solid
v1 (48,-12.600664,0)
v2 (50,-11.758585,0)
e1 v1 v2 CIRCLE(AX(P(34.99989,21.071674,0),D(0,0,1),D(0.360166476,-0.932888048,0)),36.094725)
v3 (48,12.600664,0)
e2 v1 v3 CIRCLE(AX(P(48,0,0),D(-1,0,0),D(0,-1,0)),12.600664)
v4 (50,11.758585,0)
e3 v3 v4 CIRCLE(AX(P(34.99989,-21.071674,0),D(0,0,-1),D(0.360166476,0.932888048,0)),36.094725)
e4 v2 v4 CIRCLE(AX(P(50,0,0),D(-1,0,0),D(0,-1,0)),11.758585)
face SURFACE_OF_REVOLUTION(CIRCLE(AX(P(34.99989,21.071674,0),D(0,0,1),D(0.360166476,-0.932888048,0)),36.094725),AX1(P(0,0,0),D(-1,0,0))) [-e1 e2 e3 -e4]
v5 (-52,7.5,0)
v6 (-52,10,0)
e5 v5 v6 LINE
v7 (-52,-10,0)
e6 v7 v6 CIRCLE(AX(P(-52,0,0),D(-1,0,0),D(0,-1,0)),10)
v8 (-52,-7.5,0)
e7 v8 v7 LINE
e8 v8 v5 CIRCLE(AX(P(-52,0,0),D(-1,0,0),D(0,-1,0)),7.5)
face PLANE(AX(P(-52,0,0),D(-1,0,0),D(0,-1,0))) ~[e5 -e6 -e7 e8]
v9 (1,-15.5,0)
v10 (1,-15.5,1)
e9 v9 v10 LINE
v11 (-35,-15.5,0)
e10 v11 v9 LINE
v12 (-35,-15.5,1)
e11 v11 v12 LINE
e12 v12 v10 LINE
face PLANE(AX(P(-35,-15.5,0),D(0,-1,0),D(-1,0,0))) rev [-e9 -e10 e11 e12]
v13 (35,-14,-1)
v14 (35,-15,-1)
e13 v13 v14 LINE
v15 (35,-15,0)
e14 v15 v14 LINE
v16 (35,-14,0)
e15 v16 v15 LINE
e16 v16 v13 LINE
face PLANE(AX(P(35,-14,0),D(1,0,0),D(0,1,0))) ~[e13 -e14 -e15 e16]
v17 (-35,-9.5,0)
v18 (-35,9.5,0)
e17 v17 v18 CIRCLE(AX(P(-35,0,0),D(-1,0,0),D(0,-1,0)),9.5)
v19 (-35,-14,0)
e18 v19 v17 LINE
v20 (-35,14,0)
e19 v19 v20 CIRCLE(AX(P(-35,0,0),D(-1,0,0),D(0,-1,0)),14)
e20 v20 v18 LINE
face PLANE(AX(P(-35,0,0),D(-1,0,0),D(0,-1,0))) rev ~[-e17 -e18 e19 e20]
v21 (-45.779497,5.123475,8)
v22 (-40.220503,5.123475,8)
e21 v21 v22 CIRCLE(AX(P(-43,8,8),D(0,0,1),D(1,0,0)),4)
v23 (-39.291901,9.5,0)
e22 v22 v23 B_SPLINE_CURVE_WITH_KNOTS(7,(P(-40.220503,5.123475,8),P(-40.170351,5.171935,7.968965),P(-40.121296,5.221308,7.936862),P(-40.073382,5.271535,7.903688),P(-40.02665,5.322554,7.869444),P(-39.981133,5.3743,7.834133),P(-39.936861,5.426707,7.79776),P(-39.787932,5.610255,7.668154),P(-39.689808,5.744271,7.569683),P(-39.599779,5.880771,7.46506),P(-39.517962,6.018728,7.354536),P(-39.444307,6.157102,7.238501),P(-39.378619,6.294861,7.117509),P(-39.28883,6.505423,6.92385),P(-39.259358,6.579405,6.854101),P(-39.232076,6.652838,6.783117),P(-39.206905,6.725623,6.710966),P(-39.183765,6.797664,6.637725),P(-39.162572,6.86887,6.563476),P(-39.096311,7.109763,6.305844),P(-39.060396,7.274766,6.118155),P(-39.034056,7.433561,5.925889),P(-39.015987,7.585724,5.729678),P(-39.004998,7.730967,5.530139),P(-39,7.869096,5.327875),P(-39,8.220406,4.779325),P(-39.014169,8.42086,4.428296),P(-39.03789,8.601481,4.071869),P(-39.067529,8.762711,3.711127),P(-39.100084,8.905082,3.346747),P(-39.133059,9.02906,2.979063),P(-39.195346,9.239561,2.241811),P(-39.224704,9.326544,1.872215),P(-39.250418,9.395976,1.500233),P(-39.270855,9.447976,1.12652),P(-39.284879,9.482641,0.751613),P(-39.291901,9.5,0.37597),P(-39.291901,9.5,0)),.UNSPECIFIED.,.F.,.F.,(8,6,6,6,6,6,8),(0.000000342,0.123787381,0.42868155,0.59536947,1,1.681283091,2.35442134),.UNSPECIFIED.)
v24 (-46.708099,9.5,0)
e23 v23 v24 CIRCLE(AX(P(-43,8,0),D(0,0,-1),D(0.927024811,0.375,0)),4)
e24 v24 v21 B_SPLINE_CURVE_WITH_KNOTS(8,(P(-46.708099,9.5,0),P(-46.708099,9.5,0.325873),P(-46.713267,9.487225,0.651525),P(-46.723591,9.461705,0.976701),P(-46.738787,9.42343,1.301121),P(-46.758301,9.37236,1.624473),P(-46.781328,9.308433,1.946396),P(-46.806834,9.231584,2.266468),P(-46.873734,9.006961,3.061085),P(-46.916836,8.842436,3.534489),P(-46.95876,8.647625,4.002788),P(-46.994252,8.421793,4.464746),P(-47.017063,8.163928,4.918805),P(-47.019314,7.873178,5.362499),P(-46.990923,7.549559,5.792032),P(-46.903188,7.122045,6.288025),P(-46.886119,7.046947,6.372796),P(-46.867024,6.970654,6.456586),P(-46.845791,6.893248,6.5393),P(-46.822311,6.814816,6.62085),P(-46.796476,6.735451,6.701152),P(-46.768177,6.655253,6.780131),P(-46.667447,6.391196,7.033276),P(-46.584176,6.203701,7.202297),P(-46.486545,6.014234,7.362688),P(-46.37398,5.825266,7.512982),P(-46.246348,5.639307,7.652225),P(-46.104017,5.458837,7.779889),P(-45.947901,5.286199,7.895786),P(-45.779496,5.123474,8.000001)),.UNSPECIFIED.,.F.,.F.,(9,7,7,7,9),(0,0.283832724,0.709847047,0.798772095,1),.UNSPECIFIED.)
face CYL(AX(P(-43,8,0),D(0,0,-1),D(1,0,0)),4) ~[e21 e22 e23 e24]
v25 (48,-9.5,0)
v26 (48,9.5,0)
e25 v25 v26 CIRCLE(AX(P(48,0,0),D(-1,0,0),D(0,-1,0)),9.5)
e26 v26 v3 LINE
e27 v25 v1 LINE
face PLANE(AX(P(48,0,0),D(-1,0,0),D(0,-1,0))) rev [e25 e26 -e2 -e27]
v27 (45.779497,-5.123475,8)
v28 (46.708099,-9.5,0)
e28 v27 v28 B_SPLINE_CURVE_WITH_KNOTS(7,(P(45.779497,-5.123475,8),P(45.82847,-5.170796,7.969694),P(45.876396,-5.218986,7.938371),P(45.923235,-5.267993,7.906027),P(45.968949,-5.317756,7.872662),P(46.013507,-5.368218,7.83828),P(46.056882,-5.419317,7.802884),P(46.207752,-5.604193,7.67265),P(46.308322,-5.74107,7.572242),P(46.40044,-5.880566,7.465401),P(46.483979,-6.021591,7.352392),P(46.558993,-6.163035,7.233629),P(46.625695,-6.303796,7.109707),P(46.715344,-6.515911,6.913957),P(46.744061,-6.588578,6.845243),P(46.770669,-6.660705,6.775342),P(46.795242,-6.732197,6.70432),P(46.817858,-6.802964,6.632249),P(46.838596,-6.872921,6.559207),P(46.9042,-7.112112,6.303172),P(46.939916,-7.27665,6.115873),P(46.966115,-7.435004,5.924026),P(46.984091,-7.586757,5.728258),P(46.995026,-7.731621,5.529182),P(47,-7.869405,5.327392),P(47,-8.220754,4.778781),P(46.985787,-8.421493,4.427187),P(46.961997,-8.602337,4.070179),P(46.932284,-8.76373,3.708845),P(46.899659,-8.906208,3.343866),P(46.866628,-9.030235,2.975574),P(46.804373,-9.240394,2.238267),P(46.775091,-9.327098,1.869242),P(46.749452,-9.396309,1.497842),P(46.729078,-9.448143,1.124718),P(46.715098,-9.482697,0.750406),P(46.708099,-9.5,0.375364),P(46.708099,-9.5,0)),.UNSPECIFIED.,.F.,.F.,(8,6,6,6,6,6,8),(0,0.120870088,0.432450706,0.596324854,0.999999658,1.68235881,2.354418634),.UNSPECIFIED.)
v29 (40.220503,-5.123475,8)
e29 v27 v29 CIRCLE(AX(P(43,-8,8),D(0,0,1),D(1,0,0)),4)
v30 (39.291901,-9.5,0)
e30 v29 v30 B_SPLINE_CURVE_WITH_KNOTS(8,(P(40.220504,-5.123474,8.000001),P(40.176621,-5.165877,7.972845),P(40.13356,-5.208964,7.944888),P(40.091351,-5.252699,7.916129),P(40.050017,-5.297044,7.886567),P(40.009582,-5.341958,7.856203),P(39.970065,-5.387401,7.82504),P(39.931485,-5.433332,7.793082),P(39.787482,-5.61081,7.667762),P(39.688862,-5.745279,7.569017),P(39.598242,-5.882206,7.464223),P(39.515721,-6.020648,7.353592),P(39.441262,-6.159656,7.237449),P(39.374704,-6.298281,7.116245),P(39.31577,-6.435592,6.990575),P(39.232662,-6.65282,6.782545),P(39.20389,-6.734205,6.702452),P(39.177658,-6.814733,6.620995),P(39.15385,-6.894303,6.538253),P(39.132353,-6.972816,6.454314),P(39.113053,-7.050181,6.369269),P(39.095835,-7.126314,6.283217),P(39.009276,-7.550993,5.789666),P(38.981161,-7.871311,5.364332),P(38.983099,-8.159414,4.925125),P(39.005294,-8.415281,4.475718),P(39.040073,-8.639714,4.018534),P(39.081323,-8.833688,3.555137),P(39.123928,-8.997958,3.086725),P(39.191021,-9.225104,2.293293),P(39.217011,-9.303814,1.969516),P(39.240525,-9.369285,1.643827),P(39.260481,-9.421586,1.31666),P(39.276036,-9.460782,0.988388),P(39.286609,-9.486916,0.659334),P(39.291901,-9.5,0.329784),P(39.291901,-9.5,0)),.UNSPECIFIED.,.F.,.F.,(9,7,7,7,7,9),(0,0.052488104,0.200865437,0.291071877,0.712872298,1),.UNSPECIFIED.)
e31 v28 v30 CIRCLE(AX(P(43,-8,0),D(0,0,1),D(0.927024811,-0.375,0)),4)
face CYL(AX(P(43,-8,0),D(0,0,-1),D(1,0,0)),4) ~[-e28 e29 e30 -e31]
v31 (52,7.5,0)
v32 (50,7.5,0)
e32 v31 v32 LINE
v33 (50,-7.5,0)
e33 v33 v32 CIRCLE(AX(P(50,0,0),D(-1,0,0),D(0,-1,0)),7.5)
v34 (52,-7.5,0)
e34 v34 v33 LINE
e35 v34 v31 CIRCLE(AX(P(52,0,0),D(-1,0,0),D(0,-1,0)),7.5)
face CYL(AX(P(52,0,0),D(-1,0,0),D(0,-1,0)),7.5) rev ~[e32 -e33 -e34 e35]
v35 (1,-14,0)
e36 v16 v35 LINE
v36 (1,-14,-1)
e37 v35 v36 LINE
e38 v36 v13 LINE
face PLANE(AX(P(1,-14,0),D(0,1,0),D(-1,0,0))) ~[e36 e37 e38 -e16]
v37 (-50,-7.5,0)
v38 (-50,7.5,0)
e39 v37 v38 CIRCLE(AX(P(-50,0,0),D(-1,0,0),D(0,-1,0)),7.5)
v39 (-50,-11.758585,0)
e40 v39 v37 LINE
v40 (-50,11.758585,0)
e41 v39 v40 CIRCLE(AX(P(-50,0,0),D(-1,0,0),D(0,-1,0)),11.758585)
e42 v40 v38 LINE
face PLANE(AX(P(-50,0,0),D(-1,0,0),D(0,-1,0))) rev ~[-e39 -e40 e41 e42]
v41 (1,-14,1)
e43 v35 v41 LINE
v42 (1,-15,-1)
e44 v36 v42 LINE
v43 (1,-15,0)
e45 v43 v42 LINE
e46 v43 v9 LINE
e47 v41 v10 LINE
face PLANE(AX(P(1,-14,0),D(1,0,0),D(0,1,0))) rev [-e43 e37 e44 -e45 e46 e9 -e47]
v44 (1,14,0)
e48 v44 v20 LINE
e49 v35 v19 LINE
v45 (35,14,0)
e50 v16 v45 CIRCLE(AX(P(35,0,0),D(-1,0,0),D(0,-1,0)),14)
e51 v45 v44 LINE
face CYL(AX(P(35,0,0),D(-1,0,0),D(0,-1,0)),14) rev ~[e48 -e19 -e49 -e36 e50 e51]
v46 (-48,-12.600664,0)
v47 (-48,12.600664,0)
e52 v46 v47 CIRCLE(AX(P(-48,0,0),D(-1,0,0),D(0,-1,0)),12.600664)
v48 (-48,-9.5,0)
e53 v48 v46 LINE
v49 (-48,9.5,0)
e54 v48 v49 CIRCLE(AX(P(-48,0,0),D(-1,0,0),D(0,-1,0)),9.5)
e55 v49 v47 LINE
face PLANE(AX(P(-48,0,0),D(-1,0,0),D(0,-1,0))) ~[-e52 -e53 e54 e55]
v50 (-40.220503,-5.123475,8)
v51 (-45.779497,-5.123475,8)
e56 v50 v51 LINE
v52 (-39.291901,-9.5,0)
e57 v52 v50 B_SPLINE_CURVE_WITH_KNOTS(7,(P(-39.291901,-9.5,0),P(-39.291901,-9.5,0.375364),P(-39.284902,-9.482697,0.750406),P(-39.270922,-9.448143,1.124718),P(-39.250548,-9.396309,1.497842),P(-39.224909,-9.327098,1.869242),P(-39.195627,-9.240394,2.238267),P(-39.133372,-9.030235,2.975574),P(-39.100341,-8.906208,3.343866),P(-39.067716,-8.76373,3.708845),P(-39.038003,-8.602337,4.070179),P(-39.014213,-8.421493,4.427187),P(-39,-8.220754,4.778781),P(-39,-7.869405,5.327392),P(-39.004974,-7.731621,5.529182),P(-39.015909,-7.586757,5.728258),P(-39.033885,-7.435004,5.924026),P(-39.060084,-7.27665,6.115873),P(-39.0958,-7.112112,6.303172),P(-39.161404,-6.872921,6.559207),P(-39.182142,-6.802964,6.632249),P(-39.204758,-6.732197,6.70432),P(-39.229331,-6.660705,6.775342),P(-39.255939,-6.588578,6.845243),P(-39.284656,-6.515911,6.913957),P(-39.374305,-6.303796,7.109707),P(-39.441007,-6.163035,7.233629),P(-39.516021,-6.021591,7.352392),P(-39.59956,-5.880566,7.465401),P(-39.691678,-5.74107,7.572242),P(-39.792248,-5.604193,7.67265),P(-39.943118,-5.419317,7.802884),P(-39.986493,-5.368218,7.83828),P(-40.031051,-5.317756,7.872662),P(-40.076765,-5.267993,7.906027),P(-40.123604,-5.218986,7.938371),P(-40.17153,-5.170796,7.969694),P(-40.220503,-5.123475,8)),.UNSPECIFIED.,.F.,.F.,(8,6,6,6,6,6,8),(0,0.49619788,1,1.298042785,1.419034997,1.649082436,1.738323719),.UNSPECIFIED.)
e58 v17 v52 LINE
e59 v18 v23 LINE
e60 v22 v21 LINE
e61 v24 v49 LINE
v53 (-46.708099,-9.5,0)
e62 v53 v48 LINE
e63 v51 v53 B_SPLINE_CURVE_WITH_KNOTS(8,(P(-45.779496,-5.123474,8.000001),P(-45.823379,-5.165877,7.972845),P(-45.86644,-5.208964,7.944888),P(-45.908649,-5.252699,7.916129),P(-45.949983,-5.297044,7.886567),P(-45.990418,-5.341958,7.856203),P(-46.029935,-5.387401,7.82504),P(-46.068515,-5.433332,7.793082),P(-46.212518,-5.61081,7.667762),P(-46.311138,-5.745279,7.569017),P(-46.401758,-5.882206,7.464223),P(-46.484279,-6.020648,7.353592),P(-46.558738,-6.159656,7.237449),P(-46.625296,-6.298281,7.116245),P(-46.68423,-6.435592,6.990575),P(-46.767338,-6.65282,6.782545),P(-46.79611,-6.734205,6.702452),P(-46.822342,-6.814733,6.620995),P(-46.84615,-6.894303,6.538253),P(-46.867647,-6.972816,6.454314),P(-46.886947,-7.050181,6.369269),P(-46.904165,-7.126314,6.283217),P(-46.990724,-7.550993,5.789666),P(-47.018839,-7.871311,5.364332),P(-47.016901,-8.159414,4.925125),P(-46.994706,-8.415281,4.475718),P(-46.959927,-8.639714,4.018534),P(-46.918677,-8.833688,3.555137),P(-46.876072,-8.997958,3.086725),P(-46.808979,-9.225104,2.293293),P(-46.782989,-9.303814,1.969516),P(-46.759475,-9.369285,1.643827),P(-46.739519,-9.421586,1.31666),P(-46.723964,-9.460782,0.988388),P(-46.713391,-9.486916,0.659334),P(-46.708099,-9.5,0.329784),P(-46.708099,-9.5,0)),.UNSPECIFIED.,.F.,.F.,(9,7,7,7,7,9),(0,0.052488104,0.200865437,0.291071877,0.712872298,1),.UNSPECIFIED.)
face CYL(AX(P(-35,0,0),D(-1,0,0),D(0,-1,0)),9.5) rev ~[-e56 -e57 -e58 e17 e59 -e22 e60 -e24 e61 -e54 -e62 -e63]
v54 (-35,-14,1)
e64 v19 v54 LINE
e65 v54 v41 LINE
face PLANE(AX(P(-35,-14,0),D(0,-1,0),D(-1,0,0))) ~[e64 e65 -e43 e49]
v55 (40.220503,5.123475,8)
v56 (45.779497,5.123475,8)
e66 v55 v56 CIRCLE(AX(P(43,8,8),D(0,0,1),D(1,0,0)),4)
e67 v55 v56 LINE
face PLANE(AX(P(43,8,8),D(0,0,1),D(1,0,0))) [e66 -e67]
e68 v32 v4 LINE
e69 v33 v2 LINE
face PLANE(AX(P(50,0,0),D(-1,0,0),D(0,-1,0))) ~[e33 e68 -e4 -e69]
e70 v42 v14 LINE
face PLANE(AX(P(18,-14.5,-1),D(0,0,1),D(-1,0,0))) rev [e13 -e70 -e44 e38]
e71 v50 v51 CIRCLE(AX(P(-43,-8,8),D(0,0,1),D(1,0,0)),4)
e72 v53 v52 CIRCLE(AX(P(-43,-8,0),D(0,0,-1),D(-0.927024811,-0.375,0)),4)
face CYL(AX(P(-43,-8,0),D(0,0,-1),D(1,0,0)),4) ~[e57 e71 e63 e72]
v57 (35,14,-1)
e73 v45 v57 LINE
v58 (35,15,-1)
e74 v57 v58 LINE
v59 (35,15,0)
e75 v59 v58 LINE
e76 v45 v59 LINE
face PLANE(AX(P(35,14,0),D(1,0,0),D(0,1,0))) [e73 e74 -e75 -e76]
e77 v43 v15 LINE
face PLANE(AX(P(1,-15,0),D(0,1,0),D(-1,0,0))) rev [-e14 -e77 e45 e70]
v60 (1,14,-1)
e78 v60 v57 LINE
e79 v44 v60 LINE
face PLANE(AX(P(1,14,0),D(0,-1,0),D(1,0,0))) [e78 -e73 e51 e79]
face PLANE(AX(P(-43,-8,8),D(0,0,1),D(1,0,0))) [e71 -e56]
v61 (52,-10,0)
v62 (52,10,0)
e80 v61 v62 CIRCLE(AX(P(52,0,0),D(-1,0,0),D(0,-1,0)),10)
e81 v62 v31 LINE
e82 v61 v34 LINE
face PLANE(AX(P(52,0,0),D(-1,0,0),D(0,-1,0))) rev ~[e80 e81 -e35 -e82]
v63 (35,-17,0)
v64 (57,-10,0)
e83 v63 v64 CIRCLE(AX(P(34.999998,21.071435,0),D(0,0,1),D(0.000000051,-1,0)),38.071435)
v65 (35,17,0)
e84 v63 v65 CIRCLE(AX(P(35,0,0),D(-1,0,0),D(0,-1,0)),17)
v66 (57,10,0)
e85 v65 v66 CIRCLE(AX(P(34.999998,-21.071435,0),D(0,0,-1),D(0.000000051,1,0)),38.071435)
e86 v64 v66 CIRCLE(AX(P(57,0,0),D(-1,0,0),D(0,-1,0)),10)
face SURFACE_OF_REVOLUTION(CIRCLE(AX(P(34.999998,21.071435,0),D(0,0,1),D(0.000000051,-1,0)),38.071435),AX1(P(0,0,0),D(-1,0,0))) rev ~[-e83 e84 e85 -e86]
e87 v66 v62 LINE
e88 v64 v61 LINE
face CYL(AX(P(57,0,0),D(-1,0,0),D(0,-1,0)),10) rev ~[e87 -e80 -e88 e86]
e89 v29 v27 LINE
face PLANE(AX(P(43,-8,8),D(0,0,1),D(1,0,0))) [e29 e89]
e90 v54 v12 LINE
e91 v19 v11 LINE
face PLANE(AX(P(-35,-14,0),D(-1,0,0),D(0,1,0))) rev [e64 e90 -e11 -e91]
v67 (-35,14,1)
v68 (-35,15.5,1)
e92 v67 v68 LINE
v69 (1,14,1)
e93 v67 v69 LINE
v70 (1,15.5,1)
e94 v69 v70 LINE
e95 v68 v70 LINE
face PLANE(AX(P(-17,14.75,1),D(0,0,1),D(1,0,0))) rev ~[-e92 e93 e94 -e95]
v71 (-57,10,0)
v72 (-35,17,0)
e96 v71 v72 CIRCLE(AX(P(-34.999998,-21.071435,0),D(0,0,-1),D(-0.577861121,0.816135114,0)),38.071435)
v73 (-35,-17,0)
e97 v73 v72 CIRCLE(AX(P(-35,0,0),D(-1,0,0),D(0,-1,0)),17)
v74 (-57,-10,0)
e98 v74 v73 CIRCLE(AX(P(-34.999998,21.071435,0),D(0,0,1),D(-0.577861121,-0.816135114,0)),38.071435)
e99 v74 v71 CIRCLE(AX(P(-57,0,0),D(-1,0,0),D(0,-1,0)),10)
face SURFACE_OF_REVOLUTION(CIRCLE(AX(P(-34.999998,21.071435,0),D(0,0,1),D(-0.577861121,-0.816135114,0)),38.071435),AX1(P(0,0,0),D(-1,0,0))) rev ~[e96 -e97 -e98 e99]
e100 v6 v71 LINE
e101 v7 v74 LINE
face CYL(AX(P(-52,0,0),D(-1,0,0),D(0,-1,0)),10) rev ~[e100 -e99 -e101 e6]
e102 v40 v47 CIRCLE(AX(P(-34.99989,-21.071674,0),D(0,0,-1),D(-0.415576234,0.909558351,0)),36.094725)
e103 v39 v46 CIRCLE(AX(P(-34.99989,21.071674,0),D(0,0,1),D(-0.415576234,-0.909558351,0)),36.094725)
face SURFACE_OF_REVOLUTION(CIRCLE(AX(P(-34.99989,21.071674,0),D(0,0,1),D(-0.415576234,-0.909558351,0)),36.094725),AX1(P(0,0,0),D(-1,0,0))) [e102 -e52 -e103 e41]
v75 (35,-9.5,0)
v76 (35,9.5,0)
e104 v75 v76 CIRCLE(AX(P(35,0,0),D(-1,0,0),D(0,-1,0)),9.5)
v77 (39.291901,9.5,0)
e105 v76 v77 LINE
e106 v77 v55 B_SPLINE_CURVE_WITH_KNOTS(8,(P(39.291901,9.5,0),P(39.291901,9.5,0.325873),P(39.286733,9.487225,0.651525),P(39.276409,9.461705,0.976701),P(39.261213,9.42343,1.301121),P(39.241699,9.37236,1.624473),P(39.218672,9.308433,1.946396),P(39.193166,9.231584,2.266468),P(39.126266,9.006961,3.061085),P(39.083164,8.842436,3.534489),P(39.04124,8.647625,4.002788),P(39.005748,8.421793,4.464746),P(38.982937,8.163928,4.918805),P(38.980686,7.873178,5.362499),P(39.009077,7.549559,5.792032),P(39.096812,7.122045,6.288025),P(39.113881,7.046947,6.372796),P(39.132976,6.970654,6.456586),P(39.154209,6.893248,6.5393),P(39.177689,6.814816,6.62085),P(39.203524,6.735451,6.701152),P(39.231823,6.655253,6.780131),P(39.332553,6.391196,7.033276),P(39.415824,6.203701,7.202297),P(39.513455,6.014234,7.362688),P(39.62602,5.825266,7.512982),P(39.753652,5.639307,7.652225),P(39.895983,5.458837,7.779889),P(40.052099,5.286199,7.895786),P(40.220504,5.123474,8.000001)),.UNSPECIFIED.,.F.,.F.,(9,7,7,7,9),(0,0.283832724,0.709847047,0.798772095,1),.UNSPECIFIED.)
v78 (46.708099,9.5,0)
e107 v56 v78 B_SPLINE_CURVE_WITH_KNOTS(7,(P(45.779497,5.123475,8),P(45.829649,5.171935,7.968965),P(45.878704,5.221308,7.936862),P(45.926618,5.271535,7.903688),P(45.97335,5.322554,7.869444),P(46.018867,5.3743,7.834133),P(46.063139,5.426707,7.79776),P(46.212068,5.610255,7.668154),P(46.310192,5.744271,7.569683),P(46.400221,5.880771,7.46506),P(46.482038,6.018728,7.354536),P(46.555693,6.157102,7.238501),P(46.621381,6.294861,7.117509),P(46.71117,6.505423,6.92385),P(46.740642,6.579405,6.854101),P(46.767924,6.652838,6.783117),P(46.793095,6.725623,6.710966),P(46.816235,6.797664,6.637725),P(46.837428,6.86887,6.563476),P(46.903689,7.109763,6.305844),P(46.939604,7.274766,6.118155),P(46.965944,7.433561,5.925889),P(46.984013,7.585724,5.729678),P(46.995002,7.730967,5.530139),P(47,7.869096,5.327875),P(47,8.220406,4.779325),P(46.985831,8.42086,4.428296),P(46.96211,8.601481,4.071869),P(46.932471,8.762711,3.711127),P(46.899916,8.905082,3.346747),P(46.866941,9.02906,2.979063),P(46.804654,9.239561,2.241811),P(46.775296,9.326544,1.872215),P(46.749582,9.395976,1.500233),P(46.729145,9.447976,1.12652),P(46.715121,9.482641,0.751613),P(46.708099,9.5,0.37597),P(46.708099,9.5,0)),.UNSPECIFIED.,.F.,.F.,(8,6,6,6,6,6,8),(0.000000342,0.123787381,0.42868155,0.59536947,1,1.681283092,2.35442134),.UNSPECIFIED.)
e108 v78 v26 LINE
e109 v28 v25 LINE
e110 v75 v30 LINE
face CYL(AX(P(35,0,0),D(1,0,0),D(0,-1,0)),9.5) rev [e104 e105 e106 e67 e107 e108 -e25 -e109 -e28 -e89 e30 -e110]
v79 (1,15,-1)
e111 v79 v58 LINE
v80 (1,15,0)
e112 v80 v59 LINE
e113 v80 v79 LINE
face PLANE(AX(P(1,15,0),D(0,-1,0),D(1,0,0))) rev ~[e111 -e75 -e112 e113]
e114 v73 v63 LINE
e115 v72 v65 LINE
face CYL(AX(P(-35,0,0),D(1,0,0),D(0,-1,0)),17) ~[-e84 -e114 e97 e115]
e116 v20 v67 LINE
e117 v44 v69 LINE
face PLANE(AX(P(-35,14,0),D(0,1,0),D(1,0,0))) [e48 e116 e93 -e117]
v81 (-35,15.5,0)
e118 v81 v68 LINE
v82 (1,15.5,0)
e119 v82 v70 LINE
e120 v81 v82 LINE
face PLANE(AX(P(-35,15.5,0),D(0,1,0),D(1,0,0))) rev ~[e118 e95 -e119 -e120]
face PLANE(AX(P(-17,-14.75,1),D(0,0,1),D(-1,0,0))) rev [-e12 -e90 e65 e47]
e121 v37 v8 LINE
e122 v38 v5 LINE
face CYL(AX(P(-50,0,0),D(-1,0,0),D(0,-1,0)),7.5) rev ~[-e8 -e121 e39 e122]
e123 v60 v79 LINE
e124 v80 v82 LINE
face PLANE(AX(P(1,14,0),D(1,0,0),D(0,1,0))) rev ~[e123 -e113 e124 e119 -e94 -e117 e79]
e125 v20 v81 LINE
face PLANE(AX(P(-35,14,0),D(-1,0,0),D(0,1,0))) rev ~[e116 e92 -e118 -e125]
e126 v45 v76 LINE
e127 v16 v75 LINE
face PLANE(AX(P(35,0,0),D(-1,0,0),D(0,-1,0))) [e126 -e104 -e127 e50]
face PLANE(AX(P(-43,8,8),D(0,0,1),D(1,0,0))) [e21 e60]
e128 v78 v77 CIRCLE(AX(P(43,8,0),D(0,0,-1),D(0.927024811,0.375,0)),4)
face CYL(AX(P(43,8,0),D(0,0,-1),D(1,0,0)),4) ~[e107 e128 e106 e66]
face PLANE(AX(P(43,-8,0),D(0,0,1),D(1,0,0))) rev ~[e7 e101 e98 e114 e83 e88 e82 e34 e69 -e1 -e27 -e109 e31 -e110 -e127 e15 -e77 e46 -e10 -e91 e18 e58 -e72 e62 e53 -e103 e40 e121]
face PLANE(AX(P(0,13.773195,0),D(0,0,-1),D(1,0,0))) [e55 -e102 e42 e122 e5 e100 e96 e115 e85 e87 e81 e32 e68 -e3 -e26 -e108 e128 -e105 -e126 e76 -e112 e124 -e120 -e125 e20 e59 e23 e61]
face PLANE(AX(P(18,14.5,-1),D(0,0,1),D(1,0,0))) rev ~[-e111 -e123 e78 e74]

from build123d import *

# Parameters (mm, degrees)
REVOLUTION_ANGLE = -180
SKETCH001_W      = 34
SKETCH001_H      = 1
PAD_DEPTH        = 1
SKETCH002_W      = 36
SKETCH002_H      = 1.5
POCKET_DEPTH     = 1
SKETCH003_R      = 4
PAD001_DEPTH     = 8


with BuildPart() as part:
    # Sketch → Revolution (revolve)
    with BuildSketch(Plane.XY):
        with BuildLine():
            Line((-35, -17), (35, -17))
            ThreePointArc((35, -17), (46.543396, -15.207817), (57, -10))
            Line((57, -10), (52, -10))
            Line((52, -10), (52, -7.5))
            Line((52, -7.5), (50, -7.5))
            Line((50, -7.5), (50, -11.758585))
            ThreePointArc((48, -12.600664), (49.00633, -12.194658), (50, -11.758585))
            Line((48, -9.5), (48, -12.600664))
            Line((35, -9.5), (48, -9.5))
            Line((35, -14), (35, -9.5))
            Line((35, -14), (-35, -14))
            Line((-35, -14), (-35, -9.5))
            Line((-35, -9.5), (-48, -9.5))
            Line((-48, -9.5), (-48, -12.600664))
            ThreePointArc((-50, -11.758585), (-49.00633, -12.194658), (-48, -12.600664))
            Line((-50, -11.758585), (-50, -7.5))
            Line((-50, -7.5), (-52, -7.5))
            Line((-52, -7.5), (-52, -10))
            Line((-52, -10), (-57, -10))
            ThreePointArc((-57, -10), (-46.543396, -15.207817), (-35, -17))
        make_face()
    revolve(axis=Axis((0, 0, 0), (1, 0, 0)), revolution_arc=REVOLUTION_ANGLE)

    # Sketch001 → Pad (new body)
    with BuildSketch(Plane.XY):
        with Locations((18, 14.5)):
            Rectangle(SKETCH001_W, SKETCH001_H)
    pad = extrude(amount=-PAD_DEPTH)

    # Mirrored: Pad across XZ
    add(pad.mirror(Plane.XZ))

    # Sketch002 → Pocket (cut)
    with BuildSketch(Plane.XY):
        with Locations((-17, 14.75)):
            Rectangle(SKETCH002_W, SKETCH002_H)
    pocket = extrude(amount=POCKET_DEPTH, mode=Mode.SUBTRACT)

    # Mirrored001: Pocket across XZ
    add(pocket.mirror(Plane.XZ), mode=Mode.SUBTRACT)

    # Sketch003 → Pad001 (join)
    with BuildSketch(Plane.XY):
        with Locations((43, -8)):
            Circle(SKETCH003_R)
        with Locations((-43, -8)):
            Circle(SKETCH003_R)
        with Locations((-43, 8)):
            Circle(SKETCH003_R)
        with Locations((43, 8)):
            Circle(SKETCH003_R)
    extrude(amount=PAD001_DEPTH)


solid = part.part
